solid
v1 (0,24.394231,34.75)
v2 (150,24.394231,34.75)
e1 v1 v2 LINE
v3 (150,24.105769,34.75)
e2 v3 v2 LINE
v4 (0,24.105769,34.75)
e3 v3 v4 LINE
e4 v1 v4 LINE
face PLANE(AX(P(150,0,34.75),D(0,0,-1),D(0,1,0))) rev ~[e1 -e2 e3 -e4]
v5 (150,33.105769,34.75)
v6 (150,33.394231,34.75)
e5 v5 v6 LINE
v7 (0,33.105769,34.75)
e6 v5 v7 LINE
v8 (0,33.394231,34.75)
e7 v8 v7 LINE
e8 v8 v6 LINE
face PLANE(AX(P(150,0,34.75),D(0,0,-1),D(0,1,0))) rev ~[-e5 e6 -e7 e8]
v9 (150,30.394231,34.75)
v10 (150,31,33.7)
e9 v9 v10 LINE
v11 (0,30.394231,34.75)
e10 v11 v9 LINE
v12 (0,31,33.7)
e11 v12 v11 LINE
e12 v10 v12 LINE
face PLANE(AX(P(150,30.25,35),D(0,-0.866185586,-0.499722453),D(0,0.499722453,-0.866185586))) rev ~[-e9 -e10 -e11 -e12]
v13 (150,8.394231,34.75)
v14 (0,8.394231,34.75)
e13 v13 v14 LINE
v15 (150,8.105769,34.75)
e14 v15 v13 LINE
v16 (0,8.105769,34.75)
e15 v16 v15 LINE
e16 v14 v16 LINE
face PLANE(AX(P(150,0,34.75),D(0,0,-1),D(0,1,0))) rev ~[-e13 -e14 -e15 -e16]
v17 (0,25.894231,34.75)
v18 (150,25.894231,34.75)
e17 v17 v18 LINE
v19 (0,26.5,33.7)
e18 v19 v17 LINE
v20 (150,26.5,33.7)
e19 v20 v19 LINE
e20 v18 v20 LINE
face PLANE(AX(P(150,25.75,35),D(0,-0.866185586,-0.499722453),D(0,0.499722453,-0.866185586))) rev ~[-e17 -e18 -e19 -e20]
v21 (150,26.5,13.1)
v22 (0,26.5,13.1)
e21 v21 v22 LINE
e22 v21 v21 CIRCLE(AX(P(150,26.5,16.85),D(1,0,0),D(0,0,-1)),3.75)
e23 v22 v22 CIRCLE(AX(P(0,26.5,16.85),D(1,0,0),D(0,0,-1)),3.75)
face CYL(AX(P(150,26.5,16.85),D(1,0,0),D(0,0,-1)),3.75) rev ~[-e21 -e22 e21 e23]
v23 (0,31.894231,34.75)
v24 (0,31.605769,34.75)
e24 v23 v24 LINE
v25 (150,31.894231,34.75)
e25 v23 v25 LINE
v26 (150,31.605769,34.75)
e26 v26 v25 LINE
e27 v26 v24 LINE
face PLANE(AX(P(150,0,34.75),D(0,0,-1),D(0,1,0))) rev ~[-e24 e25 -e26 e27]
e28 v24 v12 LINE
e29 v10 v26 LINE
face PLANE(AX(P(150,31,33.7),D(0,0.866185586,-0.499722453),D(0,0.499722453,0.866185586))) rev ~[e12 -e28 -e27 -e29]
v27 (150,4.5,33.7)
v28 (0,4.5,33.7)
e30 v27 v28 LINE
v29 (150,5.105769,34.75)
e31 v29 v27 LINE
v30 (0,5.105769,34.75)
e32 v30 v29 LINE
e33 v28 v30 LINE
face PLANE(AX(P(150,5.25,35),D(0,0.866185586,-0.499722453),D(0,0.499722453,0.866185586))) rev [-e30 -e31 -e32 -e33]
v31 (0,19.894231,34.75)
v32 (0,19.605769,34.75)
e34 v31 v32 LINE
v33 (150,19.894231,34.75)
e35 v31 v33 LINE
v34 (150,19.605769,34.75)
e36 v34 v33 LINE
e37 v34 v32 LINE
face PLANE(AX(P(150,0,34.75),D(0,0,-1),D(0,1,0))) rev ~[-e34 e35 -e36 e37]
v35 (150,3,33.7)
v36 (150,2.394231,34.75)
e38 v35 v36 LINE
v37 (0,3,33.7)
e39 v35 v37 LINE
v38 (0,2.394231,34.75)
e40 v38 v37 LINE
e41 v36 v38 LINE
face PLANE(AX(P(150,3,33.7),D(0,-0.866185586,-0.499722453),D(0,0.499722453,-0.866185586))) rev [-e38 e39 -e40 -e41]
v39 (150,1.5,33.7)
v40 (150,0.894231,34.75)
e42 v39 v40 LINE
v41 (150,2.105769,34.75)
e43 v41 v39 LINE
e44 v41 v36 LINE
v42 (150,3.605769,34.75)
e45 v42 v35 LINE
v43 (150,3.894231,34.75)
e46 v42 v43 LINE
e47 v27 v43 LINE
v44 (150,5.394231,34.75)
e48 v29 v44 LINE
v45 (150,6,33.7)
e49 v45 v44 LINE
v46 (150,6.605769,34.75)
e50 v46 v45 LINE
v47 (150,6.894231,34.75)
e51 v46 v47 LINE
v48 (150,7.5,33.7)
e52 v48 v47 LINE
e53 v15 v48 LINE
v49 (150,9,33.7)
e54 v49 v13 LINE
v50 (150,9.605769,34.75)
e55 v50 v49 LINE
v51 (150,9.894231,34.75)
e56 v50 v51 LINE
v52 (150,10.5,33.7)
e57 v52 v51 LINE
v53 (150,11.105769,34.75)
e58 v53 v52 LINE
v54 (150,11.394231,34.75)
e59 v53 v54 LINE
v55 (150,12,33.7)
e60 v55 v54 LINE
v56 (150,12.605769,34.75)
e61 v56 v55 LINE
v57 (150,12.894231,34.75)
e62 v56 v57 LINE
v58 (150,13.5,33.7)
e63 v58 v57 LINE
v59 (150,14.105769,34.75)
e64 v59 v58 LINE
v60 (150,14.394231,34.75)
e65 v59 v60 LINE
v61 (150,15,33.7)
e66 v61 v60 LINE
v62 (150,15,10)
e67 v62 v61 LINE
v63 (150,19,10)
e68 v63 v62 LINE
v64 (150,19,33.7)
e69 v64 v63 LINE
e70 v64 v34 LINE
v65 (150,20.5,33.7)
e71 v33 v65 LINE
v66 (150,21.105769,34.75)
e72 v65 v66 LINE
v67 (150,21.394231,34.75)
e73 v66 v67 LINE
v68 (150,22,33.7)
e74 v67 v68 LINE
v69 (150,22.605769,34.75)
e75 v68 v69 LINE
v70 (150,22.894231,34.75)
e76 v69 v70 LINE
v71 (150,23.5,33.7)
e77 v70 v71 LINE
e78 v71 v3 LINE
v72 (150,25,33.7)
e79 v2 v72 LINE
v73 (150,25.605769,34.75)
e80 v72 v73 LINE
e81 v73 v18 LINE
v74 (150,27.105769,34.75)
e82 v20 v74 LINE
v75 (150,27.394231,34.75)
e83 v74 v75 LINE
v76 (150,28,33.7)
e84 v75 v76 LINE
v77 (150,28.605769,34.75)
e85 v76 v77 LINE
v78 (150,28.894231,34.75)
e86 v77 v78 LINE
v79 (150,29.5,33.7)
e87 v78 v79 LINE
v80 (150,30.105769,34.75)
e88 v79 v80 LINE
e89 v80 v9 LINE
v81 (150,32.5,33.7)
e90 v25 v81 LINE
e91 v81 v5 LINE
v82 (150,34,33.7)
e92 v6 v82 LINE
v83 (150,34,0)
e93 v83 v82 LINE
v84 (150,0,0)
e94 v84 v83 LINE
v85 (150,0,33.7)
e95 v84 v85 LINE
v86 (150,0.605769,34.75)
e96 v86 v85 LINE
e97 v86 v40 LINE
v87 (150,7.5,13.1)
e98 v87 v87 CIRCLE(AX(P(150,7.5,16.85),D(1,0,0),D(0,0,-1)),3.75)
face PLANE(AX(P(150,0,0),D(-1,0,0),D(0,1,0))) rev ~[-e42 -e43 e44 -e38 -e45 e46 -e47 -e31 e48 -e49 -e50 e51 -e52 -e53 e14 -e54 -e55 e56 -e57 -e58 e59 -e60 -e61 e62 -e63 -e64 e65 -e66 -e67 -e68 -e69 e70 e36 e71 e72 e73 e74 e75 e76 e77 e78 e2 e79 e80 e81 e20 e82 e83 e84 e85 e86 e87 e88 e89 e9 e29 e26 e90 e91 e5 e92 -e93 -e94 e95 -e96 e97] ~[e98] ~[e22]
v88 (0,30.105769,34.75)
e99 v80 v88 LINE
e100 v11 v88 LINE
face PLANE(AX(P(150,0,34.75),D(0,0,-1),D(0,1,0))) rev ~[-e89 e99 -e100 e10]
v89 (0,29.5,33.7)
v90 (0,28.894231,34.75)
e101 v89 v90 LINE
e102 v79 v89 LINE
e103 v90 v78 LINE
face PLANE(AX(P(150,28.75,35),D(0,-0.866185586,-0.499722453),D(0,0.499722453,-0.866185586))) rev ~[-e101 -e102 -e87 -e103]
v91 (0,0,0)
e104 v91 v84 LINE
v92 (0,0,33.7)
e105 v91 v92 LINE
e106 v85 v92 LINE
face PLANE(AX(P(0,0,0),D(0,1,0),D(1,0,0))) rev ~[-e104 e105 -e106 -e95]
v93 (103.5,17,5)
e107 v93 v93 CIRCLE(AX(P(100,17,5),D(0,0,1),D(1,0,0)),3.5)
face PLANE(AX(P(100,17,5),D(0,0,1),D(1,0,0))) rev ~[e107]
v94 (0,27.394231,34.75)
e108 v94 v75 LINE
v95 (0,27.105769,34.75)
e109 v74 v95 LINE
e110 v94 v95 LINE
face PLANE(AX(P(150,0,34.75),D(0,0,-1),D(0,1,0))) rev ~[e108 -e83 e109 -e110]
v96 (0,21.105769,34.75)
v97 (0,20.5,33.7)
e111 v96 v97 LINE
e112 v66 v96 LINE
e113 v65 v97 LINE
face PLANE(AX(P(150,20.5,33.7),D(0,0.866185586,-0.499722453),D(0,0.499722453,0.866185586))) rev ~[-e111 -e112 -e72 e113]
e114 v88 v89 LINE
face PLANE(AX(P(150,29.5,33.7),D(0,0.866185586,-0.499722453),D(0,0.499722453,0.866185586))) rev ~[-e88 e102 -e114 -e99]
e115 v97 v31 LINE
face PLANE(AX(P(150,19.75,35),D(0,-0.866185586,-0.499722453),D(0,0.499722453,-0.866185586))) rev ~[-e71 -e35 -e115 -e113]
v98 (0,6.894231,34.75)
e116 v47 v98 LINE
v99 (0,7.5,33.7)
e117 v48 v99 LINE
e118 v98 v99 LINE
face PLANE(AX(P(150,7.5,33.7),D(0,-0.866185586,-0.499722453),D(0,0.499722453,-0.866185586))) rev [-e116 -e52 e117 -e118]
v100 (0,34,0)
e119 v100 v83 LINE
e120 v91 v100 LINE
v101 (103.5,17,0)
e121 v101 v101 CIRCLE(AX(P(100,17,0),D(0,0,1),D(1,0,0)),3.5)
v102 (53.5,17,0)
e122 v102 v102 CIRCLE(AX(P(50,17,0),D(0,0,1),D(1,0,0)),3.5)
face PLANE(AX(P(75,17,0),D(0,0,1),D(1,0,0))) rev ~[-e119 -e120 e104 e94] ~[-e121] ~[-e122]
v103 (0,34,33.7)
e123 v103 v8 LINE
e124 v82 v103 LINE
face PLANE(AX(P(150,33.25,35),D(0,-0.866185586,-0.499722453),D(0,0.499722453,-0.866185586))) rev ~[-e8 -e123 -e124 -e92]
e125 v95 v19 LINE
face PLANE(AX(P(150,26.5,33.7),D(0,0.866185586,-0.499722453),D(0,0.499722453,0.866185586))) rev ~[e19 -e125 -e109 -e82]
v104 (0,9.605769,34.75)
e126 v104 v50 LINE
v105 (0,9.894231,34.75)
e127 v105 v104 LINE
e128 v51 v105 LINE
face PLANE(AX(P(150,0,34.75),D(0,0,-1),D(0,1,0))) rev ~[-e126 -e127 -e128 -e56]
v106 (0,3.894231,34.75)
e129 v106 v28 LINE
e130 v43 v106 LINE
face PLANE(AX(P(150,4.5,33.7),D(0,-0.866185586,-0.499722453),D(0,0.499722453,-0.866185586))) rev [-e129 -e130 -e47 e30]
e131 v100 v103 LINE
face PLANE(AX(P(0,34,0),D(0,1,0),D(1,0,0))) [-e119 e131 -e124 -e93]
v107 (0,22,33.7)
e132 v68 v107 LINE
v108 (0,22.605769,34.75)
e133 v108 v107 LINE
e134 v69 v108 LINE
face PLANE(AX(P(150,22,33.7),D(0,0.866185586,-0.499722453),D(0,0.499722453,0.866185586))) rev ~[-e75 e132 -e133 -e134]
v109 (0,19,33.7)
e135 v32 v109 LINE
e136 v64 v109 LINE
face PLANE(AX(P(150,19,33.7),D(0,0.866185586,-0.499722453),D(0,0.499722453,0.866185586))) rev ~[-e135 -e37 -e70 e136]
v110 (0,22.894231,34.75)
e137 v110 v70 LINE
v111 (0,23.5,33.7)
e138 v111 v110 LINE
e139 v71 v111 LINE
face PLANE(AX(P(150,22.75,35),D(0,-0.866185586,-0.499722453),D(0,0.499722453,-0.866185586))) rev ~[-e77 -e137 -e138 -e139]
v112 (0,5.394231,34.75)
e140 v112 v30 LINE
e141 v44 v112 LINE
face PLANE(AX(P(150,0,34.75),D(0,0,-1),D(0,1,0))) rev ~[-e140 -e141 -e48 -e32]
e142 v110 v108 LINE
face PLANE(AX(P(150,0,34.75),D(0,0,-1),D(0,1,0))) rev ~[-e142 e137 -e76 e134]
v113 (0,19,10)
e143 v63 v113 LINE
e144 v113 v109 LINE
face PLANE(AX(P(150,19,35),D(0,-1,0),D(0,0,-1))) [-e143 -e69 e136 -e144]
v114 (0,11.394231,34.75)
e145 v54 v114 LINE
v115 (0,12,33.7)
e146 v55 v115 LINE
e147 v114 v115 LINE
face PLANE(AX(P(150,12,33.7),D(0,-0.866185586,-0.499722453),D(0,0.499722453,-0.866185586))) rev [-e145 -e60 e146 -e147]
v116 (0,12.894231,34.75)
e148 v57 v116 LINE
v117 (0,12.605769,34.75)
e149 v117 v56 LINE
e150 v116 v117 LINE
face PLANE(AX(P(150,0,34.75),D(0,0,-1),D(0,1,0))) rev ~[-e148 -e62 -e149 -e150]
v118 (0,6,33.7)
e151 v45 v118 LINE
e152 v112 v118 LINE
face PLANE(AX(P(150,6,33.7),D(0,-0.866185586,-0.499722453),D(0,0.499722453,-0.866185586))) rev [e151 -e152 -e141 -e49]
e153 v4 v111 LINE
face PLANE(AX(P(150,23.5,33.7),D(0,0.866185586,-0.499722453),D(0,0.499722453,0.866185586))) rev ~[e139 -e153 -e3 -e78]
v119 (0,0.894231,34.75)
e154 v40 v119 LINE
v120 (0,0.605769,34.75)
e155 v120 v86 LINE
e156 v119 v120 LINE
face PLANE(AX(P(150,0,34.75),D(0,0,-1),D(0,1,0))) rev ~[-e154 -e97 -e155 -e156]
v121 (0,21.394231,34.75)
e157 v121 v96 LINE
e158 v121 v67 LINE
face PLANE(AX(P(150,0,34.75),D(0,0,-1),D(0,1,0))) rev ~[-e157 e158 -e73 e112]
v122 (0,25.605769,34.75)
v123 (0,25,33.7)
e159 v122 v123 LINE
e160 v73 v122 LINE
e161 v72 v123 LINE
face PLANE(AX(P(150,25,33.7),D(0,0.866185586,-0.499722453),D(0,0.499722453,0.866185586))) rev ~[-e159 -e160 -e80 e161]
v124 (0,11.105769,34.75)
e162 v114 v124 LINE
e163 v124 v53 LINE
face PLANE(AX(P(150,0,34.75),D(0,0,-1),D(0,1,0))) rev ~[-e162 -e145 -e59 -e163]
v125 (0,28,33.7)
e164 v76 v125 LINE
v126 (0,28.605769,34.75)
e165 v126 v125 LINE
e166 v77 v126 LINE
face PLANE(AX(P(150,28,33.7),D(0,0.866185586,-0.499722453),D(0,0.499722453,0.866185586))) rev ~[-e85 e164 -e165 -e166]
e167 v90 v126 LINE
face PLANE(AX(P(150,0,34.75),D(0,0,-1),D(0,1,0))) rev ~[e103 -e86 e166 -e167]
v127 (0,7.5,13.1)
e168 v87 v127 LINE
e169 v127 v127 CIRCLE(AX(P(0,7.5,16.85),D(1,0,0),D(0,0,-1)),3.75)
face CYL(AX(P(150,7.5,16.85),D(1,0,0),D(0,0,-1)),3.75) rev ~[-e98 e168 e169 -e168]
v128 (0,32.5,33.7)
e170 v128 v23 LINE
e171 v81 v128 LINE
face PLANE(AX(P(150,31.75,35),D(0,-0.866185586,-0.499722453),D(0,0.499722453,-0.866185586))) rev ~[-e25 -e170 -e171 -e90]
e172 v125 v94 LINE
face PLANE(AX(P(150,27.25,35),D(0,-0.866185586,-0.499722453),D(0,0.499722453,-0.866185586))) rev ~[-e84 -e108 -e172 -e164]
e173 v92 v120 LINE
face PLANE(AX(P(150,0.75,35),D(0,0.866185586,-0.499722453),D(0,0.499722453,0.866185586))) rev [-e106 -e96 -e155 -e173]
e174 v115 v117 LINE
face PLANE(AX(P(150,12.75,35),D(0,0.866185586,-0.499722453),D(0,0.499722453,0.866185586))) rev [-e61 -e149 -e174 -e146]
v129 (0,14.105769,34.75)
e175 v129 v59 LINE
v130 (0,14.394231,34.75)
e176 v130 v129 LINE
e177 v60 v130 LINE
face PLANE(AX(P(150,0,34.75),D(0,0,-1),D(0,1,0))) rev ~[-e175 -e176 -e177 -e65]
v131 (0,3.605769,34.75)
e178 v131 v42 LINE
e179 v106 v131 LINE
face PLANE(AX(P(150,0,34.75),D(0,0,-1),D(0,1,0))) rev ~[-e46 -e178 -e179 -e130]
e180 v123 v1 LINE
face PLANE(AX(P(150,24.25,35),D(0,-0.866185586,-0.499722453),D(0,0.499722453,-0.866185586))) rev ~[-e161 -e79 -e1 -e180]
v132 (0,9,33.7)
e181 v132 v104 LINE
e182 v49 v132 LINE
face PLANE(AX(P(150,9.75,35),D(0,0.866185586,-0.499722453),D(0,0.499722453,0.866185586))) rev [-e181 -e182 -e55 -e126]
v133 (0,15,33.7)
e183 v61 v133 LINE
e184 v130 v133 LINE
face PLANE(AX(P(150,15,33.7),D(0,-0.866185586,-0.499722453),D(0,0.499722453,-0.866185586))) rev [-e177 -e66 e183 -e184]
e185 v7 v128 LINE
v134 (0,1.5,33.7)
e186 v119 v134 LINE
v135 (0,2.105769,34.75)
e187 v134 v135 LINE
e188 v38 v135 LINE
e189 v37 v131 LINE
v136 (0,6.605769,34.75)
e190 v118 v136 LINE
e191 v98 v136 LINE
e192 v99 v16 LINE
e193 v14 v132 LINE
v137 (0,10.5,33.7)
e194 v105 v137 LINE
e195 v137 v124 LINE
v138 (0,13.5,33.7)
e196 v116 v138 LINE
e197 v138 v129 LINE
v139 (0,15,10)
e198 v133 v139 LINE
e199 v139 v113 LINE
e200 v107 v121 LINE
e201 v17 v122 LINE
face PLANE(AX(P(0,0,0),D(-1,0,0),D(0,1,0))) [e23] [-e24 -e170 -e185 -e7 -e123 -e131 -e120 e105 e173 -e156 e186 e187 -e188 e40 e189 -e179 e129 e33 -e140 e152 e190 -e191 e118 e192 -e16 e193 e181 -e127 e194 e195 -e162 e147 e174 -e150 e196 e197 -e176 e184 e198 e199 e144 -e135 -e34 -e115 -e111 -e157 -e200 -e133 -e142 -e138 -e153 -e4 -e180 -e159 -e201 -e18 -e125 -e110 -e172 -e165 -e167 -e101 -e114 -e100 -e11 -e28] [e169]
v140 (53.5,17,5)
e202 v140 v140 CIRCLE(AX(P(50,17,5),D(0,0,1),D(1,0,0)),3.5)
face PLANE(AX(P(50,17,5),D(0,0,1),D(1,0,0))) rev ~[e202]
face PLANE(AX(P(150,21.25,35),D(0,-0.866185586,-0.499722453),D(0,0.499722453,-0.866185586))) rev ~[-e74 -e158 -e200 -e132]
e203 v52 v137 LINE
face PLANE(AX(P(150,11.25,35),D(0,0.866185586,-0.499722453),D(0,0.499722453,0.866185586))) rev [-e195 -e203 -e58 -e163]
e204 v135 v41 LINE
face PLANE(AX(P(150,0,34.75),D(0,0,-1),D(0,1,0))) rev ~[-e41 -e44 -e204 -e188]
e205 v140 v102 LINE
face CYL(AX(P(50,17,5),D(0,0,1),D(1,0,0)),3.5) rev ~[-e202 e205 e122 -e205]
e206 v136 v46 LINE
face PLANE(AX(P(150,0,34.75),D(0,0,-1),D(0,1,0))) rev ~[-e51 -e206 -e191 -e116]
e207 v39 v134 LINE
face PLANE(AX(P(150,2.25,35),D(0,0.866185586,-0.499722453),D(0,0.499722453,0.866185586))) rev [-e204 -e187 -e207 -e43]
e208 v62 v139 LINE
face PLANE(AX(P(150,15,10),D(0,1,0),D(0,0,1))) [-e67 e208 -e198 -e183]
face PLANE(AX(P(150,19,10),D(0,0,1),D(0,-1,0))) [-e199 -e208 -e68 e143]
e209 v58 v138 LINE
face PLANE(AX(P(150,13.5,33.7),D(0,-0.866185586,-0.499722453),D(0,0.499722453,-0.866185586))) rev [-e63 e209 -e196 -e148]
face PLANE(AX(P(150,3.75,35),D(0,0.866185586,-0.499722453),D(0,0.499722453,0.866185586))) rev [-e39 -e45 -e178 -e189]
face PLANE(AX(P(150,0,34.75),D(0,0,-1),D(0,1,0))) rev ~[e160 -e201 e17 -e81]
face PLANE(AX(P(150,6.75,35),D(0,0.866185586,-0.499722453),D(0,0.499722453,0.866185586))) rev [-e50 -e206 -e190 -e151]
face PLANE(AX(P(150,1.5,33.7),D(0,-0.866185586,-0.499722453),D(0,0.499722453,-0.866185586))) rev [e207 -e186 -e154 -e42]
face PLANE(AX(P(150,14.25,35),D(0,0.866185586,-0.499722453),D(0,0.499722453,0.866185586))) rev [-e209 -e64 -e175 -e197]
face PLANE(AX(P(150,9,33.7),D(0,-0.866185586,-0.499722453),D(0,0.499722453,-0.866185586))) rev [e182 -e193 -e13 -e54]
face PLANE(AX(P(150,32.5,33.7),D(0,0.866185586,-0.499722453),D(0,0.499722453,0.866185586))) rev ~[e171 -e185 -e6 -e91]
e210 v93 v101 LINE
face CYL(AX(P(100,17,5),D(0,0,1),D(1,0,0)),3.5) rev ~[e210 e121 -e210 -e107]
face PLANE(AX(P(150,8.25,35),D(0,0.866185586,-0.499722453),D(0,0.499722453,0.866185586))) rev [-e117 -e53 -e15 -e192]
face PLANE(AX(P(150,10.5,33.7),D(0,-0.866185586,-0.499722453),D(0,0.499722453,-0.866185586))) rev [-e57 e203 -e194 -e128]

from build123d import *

# Parameters (mm, degrees)
SKETCH1_W           = 150
SKETCH1_H           = 34
BOSS_EXTRUDE1_DEPTH = 35
CUT_EXTRUDE1_DEPTH  = 160
CUT_EXTRUDE7_DEPTH  = 160
SKETCH6_W           = 0.25
SKETCH6_H           = 34
CUT_EXTRUDE8_DEPTH  = 160
SKETCH7_R           = 3.75
CUT_EXTRUDE9_DEPTH  = 160
CUT_EXTRUDE10_START = -5
SKETCH8_R           = 3.5
CUT_EXTRUDE10_DEPTH = 5


with BuildPart() as part:
    # Sketch1 → Boss-Extrude1 (new body)
    with BuildSketch(Plane.XY):
        with Locations((75, 17)):
            Rectangle(SKETCH1_W, SKETCH1_H)
    extrude(amount=BOSS_EXTRUDE1_DEPTH)

    # Sketch2 → Cut-Extrude1 (cut)
    with BuildSketch(Plane(origin=(150, 0, 0), x_dir=(0, 0, -1), z_dir=(1, 0, 0))):
        Polygon((-35, 17), (-35, 19), (-10, 19), (-10, 15), (-35, 15), align=None)
    extrude(amount=-CUT_EXTRUDE1_DEPTH, mode=Mode.SUBTRACT)

    # Sketch3 → Cut-Extrude7 (cut)
    with BuildSketch(Plane(origin=(150, 0, 0), x_dir=(0, 0, -1), z_dir=(1, 0, 0))):
        Polygon((-33.7, 19), (-35, 19.75), (-35, 18.25), align=None)
        Polygon((-33.7, 20.5), (-35, 21.25), (-35, 19.75), align=None)
        Polygon((-33.7, 22), (-35, 22.75), (-35, 21.25), align=None)
        Polygon((-33.7, 23.5), (-35, 24.25), (-35, 22.75), align=None)
        Polygon((-33.7, 25), (-35, 25.75), (-35, 24.25), align=None)
        Polygon((-33.7, 26.5), (-35, 27.25), (-35, 25.75), align=None)
        Polygon((-33.7, 28), (-35, 28.75), (-35, 27.25), align=None)
        Polygon((-33.7, 29.5), (-35, 30.25), (-35, 28.75), align=None)
        Polygon((-35, 34), (-35, 33.25), (-33.7, 34), align=None)
        Polygon((-35, 33.25), (-35, 31.75), (-33.7, 32.5), align=None)
        Polygon((-33.7, 31), (-35, 31.75), (-35, 30.25), align=None)
    cut_extrude7 = extrude(amount=-CUT_EXTRUDE7_DEPTH, mode=Mode.SUBTRACT)

    # Mirror1: Cut-Extrude7 across plane
    add(cut_extrude7.mirror(Plane.ZX.offset(17)), mode=Mode.SUBTRACT)

    # Sketch6 → Cut-Extrude8 (cut)
    with BuildSketch(Plane(origin=(150, 0, 0), x_dir=(0, 0, -1), z_dir=(1, 0, 0))):
        with Locations((-34.875, 17)):
            Rectangle(SKETCH6_W, SKETCH6_H)
    extrude(amount=-CUT_EXTRUDE8_DEPTH, mode=Mode.SUBTRACT)

    # Sketch7 → Cut-Extrude9 (cut)
    with BuildSketch(Plane(origin=(150, 0, 0), x_dir=(0, 0, -1), z_dir=(1, 0, 0))):
        with Locations((-16.85, 26.5)):
            Circle(SKETCH7_R)
        with Locations((-16.85, 7.5)):
            Circle(SKETCH7_R)
    extrude(amount=-CUT_EXTRUDE9_DEPTH, mode=Mode.SUBTRACT)

    # Sketch8 → Cut-Extrude10 (cut)
    with BuildSketch(Plane.XY.offset(10).offset(CUT_EXTRUDE10_START)):
        with Locations((100, 17)):
            Circle(SKETCH8_R)
        with Locations((50, 17)):
            Circle(SKETCH8_R)
    extrude(amount=-CUT_EXTRUDE10_DEPTH, mode=Mode.SUBTRACT)


solid = part.part
